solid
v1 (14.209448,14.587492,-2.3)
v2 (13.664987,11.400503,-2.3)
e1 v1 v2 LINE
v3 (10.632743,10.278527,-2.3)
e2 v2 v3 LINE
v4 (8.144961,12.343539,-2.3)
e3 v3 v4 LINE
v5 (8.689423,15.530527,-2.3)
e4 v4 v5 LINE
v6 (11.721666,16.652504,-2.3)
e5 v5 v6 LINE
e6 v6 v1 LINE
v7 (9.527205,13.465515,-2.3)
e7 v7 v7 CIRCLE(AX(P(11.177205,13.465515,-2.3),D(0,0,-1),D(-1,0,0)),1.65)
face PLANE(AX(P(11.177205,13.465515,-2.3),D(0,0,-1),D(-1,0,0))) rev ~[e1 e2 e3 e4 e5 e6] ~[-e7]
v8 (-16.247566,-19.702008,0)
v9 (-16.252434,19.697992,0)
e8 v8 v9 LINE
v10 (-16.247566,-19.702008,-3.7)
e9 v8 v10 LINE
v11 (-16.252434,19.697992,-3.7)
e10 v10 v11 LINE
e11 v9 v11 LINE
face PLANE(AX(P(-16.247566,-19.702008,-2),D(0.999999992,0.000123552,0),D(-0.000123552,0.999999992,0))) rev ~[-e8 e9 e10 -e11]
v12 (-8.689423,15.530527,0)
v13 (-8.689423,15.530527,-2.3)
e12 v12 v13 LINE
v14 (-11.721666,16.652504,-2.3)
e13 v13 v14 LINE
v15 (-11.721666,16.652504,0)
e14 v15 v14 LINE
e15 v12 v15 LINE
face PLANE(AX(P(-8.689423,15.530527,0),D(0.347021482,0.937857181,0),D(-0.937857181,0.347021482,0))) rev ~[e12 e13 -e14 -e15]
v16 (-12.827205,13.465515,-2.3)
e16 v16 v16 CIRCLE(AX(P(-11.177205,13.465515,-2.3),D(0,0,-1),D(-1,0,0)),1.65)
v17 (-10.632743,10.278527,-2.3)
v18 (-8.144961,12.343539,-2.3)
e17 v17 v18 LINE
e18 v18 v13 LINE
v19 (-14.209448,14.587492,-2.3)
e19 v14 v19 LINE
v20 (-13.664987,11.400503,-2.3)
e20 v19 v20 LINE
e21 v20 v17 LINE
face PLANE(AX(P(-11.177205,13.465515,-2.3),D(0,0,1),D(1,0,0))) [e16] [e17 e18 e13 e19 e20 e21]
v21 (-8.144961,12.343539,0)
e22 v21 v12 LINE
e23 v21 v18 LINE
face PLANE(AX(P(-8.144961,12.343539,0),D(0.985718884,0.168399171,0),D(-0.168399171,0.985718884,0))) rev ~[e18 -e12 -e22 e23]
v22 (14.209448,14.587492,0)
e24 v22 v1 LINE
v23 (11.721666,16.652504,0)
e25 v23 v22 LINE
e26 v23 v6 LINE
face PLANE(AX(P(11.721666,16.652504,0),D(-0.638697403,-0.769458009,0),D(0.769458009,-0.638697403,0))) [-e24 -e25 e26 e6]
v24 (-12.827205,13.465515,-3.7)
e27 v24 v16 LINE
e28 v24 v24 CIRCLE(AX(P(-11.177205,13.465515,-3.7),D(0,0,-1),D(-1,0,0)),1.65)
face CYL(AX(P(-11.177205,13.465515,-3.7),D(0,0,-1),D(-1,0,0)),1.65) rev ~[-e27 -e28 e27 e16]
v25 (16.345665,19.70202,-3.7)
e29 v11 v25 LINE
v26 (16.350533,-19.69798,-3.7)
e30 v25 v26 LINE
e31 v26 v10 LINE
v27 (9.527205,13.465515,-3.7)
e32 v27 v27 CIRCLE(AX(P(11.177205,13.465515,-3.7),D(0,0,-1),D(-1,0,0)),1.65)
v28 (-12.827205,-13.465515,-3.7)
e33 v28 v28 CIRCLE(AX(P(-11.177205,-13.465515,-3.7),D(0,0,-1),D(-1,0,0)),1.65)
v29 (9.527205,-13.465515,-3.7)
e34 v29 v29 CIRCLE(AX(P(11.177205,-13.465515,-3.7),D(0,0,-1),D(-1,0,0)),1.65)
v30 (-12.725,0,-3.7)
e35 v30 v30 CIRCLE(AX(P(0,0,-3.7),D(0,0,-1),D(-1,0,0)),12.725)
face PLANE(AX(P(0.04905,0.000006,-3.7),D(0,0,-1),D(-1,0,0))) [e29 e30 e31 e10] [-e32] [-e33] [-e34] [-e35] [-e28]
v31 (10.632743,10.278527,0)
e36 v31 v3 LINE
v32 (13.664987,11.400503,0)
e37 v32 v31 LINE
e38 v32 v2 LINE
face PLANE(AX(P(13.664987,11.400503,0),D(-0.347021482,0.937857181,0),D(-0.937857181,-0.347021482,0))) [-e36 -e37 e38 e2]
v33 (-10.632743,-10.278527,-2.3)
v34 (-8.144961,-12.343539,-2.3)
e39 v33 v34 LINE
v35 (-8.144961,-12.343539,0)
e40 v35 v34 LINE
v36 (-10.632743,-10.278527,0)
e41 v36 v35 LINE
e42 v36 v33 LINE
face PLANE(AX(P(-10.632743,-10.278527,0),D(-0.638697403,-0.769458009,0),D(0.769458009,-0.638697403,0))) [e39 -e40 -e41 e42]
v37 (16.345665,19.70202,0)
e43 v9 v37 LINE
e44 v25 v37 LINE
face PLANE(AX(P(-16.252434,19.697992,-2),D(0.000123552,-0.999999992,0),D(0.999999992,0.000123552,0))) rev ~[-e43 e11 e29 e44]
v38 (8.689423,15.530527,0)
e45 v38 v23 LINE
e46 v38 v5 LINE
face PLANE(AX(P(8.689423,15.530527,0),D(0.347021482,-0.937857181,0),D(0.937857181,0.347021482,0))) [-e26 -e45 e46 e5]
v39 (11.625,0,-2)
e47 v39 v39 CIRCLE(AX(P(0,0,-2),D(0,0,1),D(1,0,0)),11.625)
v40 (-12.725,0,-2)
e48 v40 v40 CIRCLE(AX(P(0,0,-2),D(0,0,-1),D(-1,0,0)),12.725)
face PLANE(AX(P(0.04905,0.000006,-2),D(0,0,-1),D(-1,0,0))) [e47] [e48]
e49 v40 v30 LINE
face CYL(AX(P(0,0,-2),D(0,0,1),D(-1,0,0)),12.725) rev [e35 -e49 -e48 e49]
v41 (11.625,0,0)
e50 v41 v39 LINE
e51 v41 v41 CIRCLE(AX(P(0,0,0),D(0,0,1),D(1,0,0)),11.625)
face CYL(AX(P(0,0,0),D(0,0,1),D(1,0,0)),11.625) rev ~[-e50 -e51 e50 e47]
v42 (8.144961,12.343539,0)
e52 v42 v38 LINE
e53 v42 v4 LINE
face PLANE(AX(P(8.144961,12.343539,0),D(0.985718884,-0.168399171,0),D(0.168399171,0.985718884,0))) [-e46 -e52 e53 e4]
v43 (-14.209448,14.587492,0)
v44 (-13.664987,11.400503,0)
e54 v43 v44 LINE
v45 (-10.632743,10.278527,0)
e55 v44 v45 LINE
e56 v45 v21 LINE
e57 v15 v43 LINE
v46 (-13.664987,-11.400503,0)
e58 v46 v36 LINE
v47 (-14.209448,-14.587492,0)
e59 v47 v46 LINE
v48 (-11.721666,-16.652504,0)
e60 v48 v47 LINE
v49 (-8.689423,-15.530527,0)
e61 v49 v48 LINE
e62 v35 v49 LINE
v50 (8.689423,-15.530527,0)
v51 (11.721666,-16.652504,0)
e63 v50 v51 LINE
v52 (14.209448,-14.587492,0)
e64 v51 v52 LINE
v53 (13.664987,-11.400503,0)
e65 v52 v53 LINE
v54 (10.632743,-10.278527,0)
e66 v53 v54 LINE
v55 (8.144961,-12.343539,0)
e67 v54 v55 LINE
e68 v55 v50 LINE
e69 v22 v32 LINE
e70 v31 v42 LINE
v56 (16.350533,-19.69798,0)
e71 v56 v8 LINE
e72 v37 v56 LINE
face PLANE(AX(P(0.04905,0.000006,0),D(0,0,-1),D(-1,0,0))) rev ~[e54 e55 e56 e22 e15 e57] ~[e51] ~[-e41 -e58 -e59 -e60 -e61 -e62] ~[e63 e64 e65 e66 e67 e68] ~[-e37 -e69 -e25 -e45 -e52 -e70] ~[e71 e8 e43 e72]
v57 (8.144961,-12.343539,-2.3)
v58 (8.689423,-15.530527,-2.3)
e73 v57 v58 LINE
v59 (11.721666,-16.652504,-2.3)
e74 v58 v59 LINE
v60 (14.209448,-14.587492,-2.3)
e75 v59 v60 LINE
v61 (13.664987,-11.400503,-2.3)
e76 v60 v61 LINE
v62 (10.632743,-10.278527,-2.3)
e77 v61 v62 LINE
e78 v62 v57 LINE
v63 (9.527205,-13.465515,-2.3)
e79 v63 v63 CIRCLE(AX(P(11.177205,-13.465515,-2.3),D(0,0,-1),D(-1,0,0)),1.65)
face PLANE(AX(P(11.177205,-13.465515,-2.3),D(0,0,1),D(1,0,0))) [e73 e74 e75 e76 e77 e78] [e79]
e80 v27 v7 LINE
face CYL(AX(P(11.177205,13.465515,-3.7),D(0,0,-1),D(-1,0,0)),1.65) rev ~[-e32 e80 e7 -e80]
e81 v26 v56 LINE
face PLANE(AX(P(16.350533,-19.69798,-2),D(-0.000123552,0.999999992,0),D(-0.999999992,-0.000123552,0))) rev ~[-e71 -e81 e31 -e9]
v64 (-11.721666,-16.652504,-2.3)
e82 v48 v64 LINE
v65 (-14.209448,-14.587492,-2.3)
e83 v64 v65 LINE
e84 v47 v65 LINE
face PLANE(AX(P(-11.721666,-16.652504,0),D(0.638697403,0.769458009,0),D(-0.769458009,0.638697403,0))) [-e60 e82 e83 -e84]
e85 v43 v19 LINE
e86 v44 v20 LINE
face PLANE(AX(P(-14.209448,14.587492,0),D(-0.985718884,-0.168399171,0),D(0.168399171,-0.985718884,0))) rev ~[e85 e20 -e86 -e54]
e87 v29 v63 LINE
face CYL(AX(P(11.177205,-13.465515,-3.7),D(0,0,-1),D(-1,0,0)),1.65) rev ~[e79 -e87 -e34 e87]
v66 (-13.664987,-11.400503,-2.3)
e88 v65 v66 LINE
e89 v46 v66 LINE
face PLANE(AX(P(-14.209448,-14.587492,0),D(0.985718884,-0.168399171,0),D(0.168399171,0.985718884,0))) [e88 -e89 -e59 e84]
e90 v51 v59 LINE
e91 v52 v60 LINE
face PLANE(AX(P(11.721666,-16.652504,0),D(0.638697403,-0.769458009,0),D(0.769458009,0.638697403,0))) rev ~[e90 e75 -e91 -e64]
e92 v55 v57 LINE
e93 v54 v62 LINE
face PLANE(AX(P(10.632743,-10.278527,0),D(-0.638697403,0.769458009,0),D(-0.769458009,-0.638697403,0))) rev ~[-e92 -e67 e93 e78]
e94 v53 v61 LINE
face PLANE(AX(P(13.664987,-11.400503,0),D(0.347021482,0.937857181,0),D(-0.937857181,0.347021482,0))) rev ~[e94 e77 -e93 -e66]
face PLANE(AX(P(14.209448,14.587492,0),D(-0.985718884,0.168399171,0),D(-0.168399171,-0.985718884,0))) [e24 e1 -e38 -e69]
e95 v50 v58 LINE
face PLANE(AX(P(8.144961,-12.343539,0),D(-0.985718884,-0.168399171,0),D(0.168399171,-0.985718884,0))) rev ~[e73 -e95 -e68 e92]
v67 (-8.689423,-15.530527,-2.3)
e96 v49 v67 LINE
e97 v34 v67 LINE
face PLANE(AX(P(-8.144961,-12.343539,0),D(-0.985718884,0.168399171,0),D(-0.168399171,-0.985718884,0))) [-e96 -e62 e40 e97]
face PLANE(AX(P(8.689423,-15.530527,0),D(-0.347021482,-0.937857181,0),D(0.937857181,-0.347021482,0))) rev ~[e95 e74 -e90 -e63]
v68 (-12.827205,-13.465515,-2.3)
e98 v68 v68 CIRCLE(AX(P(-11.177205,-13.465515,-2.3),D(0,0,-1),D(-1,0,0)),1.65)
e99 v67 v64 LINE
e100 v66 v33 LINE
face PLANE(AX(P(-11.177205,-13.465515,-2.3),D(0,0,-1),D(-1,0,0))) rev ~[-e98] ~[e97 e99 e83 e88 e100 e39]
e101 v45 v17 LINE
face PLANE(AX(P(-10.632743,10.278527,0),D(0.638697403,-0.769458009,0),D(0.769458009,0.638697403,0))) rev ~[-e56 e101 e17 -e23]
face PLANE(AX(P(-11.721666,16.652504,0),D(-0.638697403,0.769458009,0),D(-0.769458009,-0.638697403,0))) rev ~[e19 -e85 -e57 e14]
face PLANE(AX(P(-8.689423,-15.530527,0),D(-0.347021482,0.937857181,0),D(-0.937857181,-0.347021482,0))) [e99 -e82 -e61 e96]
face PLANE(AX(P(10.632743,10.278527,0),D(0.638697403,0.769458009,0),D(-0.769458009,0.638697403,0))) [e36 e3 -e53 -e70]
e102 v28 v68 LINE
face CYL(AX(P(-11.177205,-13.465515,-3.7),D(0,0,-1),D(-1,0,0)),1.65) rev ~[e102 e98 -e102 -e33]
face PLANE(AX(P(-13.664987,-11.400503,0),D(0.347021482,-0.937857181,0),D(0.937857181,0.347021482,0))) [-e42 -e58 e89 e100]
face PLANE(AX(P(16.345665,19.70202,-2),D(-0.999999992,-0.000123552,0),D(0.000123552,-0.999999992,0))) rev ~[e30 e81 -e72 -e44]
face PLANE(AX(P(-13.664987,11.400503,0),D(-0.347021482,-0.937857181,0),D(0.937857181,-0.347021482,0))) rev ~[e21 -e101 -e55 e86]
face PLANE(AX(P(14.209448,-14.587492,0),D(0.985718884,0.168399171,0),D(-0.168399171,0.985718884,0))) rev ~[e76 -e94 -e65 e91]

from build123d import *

# Parameters (mm, degrees)
SKETCH2_R           = 11.625
BOSS_EXTRUDE1_DEPTH = 2
SKETCH3_R           = 12.725
BOSS_EXTRUDE2_DEPTH = 1.7
CUT_EXTRUDE1_DEPTH  = 2.3
SKETCH5_R           = 1.65
CUT_EXTRUDE2_DEPTH  = 1.4


with BuildPart() as part:
    # Sketch2 → Boss-Extrude1 (new body)
    with BuildSketch(Plane.XY):
        Polygon((-16.247566177, -19.702007889), (-16.252434142, 19.697992436), (16.34566541, 19.70202001), (16.350533375, -19.697980315), align=None)
        Circle(SKETCH2_R, mode=Mode.SUBTRACT)
    extrude(amount=-BOSS_EXTRUDE1_DEPTH)

    # Sketch3 → Boss-Extrude2 (add)
    with BuildSketch(Plane(origin=(0, 0, -2), x_dir=(-1, 0, 0), z_dir=(0, 0, -1))):
        Polygon((-16.350533375, -19.697980315), (16.247566177, -19.702007889), (16.252434142, 19.697992436), (-16.34566541, 19.70202001), align=None)
        Circle(SKETCH3_R, mode=Mode.SUBTRACT)
    extrude(amount=BOSS_EXTRUDE2_DEPTH)

    # Sketch4 → Cut-Extrude1 (cut)
    with BuildSketch(Plane.XY):
        Polygon((10.632742825, -10.278526808), (8.144960808, -12.343538665), (8.689422526, -15.530527019), (11.721666262, -16.652503517), (14.209448279, -14.58749166), (13.664986561, -11.400503306), align=None)
        Polygon((13.664986561, 11.400503306), (10.632742825, 10.278526808), (8.144960808, 12.343538665), (8.689422526, 15.530527019), (11.721666262, 16.652503517), (14.209448279, 14.58749166), align=None)
        Polygon((-13.664986561, 11.400503306), (-10.632742825, 10.278526808), (-8.144960808, 12.343538665), (-8.689422526, 15.530527019), (-11.721666262, 16.652503517), (-14.209448279, 14.58749166), align=None)
        Polygon((-13.664986561, -11.400503306), (-10.632742825, -10.278526808), (-8.144960808, -12.343538665), (-8.689422526, -15.530527019), (-11.721666262, -16.652503517), (-14.209448279, -14.58749166), align=None)
    extrude(amount=-CUT_EXTRUDE1_DEPTH, mode=Mode.SUBTRACT)

    # Sketch5 → Cut-Extrude2 (cut)
    with BuildSketch(Plane(origin=(0, 0, -3.7), x_dir=(-1, 0, 0), z_dir=(0, 0, -1))):
        with Locations((-11.177204543, -13.465515163)):
            Circle(SKETCH5_R)
        with Locations((-11.177204543, 13.465515163)):
            Circle(SKETCH5_R)
        with Locations((11.177204543, 13.465515163)):
            Circle(SKETCH5_R)
        with Locations((11.177204543, -13.465515163)):
            Circle(SKETCH5_R)
    extrude(amount=-CUT_EXTRUDE2_DEPTH, mode=Mode.SUBTRACT)


solid = part.part
